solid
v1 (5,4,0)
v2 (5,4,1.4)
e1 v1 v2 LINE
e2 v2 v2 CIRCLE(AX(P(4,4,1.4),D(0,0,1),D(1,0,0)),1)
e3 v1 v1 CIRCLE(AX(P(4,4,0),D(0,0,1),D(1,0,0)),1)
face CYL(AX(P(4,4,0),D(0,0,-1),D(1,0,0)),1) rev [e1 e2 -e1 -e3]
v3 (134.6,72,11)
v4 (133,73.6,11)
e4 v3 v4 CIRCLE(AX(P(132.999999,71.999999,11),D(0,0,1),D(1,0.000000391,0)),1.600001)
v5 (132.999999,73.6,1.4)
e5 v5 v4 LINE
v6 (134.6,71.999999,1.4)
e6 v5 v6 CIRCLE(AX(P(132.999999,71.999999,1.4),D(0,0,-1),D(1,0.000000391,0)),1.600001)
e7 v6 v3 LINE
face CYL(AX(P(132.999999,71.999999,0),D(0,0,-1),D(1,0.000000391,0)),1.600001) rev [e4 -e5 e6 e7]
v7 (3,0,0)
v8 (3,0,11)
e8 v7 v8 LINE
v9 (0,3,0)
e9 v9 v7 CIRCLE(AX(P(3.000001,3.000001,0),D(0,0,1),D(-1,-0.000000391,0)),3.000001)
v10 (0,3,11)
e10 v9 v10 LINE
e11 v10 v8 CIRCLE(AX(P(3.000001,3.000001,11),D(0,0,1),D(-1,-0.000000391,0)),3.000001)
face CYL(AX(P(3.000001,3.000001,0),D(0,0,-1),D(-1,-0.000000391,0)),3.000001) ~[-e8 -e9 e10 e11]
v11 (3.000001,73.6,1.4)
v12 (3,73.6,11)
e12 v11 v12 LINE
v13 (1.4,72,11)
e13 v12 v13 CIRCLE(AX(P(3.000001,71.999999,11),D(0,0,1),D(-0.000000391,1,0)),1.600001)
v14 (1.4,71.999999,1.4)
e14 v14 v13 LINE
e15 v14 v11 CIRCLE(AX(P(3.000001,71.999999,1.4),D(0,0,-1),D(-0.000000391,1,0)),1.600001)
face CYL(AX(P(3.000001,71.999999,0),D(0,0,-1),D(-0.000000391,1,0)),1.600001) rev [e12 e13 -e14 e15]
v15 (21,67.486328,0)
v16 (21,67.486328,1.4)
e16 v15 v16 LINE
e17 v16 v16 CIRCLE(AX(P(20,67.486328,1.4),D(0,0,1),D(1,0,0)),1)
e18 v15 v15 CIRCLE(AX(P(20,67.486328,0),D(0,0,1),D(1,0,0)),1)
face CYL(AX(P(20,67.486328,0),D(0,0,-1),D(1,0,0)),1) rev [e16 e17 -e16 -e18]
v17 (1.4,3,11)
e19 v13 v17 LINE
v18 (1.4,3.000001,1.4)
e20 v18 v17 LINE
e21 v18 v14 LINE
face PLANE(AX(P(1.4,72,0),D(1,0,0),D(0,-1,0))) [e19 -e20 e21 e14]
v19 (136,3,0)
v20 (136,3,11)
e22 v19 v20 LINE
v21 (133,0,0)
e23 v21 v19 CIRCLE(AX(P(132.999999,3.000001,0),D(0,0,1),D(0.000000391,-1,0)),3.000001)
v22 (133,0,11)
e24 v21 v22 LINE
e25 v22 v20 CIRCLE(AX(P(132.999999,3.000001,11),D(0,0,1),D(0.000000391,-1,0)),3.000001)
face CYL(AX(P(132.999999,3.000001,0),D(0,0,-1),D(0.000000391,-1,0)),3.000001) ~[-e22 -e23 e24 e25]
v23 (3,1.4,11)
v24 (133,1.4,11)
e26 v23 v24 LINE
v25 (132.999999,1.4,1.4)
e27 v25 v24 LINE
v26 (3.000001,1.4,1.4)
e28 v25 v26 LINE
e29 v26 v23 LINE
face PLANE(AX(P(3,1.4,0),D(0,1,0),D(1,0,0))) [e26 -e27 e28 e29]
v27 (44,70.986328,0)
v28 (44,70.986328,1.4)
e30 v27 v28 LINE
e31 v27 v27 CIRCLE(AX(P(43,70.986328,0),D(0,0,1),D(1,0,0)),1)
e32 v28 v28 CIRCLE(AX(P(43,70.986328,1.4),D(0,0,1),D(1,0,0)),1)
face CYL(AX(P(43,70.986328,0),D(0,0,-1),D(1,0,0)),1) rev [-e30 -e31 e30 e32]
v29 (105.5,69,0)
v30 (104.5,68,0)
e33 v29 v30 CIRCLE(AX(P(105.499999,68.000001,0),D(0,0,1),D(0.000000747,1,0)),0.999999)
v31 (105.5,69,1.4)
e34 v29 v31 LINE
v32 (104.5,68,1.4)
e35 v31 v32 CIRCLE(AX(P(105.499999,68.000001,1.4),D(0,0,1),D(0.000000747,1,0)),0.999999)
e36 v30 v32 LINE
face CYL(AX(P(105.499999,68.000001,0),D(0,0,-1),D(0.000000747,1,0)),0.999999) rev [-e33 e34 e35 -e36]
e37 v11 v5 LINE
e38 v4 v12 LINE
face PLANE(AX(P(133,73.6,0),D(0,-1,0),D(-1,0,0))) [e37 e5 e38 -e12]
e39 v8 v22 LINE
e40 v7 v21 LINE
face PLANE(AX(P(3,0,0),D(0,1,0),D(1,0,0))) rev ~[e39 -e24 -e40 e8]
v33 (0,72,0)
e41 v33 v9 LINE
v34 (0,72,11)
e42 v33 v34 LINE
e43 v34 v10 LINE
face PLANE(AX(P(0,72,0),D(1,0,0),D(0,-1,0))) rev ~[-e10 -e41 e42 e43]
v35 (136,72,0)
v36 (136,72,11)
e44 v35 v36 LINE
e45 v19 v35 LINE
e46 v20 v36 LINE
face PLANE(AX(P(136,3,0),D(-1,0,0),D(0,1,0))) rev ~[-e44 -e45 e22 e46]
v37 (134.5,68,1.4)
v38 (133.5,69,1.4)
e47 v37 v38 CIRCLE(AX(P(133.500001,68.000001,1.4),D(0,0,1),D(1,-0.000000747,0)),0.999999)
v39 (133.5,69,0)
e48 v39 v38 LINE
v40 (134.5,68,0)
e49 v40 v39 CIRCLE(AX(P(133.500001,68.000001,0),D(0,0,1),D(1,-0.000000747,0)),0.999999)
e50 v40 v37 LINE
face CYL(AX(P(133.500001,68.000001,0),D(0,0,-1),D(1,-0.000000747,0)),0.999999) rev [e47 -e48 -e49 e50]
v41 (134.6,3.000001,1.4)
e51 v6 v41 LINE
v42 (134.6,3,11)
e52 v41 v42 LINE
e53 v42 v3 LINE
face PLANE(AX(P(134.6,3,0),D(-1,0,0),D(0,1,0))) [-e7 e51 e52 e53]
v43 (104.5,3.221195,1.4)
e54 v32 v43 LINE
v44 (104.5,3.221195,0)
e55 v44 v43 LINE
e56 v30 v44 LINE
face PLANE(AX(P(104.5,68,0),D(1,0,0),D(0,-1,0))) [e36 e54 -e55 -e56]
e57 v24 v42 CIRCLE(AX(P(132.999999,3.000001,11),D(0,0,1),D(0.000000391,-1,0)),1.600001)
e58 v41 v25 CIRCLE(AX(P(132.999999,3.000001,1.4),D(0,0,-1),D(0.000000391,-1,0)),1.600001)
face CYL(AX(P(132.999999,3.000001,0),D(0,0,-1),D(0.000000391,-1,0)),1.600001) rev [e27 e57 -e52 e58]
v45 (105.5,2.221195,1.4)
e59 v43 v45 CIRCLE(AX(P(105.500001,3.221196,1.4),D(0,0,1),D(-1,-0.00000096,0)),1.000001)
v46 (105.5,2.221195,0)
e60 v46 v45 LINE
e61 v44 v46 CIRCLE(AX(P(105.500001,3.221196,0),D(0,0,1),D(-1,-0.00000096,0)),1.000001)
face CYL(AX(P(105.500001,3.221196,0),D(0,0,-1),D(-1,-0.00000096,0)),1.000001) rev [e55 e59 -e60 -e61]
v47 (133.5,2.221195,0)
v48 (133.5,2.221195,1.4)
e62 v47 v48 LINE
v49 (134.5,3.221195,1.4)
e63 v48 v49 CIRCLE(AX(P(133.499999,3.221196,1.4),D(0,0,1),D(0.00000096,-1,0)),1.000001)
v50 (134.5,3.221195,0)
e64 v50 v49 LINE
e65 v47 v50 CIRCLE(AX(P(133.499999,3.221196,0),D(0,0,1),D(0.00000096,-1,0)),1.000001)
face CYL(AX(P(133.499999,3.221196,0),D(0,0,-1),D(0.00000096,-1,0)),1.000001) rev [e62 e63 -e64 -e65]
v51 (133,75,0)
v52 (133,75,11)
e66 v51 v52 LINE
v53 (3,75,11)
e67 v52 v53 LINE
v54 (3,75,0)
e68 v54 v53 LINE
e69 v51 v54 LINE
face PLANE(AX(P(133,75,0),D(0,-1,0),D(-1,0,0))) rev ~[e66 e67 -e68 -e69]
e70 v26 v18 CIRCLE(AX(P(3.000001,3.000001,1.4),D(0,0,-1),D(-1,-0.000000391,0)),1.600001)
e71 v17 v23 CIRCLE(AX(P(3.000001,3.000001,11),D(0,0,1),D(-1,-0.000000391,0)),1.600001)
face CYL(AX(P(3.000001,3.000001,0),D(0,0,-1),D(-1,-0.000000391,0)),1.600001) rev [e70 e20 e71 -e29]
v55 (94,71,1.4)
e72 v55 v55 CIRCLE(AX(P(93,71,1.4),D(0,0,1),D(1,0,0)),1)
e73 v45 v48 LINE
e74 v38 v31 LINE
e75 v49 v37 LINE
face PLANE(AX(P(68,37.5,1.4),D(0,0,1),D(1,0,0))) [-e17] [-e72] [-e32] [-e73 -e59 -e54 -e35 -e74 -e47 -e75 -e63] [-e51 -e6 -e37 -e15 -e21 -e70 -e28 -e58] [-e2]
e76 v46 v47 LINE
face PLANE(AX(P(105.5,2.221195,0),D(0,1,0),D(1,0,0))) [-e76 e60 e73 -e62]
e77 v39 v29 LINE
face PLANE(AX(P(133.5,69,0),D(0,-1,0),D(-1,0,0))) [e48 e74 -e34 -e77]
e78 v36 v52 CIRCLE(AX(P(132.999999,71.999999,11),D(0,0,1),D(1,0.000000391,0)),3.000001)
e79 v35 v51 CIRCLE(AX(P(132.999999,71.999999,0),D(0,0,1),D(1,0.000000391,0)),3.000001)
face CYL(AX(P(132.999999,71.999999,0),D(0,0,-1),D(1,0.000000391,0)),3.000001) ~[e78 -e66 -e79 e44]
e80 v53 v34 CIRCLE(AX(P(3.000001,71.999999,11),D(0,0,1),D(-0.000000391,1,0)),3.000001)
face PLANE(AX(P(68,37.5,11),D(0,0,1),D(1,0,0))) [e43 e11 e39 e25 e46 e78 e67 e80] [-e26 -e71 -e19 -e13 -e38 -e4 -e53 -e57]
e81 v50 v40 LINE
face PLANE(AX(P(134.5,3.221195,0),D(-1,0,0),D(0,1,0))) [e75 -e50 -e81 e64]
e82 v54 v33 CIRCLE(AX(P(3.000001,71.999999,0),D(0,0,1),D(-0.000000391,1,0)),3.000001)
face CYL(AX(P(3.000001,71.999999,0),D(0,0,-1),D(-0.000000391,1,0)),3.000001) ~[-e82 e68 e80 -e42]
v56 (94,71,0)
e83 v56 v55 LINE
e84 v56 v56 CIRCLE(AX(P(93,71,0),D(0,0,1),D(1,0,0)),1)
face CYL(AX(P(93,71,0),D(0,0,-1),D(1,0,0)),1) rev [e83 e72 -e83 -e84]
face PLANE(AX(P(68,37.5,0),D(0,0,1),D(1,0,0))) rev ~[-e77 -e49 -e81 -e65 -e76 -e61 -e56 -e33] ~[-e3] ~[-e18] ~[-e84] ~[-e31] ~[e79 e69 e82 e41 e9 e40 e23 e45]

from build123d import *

# Parameters (mm, degrees)
SKETCH_R    = 1
PAD_DEPTH   = 11
THICKNESS_T = -1.4


with BuildPart() as part:
    # Sketch → Pad (new body)
    with BuildSketch(Plane.XY):
        with BuildLine():
            Line((3, 0), (133, 0))
            ThreePointArc((133, 0), (135.12132, 0.87868), (136, 3))
            Line((136, 3), (136, 72))
            ThreePointArc((136, 72), (135.12132, 74.12132), (133, 75))
            Line((133, 75), (3, 75))
            ThreePointArc((3, 75), (0.87868, 74.12132), (0, 72))
            Line((0, 72), (0, 3))
            ThreePointArc((0, 3), (0.87868, 0.87868), (3, 0))
        make_face()
        with Locations((20, 67.486328)):
            Circle(SKETCH_R, mode=Mode.SUBTRACT)
        with Locations((43, 70.986328)):
            Circle(SKETCH_R, mode=Mode.SUBTRACT)
        with Locations((93, 71)):
            Circle(SKETCH_R, mode=Mode.SUBTRACT)
        with Locations((4, 4)):
            Circle(SKETCH_R, mode=Mode.SUBTRACT)
        with BuildLine():
            Line((104.5, 68), (104.5, 3.221195))
            ThreePointArc((104.5, 3.221195), (104.792893, 2.514089), (105.5, 2.221195))
            Line((105.5, 2.221195), (133.5, 2.221195))
            ThreePointArc((133.5, 2.221195), (134.207107, 2.514089), (134.5, 3.221195))
            Line((134.5, 3.221195), (134.5, 68))
            ThreePointArc((134.5, 68), (134.207107, 68.707107), (133.5, 69))
            Line((133.5, 69), (105.5, 69))
            ThreePointArc((105.5, 69), (104.792893, 68.707107), (104.5, 68))
        make_face(mode=Mode.SUBTRACT)
    extrude(amount=PAD_DEPTH)

    # Thickness
    thickness_openings = [part.faces().sort_by_distance(p)[0] for p in [
        (55.431253, 37.938308, 11),
        (104.5, 35.610598, 5.5),
        (104.792893, 68.707107, 5.5),
        (119.5, 69, 5.5),
        (134.207107, 68.707107, 5.5),
        (134.5, 35.610598, 5.5),
        (119.5, 2.221195, 5.5),
        (134.207107, 2.514089, 5.5),
        (104.792893, 2.514089, 5.5),
        (92, 71, 5.5),
        (42, 70.986328, 5.5),
        (19, 67.486328, 5.5),
        (3, 4, 5.5),
    ]]
    offset(amount=THICKNESS_T, openings=thickness_openings)


solid = part.part
